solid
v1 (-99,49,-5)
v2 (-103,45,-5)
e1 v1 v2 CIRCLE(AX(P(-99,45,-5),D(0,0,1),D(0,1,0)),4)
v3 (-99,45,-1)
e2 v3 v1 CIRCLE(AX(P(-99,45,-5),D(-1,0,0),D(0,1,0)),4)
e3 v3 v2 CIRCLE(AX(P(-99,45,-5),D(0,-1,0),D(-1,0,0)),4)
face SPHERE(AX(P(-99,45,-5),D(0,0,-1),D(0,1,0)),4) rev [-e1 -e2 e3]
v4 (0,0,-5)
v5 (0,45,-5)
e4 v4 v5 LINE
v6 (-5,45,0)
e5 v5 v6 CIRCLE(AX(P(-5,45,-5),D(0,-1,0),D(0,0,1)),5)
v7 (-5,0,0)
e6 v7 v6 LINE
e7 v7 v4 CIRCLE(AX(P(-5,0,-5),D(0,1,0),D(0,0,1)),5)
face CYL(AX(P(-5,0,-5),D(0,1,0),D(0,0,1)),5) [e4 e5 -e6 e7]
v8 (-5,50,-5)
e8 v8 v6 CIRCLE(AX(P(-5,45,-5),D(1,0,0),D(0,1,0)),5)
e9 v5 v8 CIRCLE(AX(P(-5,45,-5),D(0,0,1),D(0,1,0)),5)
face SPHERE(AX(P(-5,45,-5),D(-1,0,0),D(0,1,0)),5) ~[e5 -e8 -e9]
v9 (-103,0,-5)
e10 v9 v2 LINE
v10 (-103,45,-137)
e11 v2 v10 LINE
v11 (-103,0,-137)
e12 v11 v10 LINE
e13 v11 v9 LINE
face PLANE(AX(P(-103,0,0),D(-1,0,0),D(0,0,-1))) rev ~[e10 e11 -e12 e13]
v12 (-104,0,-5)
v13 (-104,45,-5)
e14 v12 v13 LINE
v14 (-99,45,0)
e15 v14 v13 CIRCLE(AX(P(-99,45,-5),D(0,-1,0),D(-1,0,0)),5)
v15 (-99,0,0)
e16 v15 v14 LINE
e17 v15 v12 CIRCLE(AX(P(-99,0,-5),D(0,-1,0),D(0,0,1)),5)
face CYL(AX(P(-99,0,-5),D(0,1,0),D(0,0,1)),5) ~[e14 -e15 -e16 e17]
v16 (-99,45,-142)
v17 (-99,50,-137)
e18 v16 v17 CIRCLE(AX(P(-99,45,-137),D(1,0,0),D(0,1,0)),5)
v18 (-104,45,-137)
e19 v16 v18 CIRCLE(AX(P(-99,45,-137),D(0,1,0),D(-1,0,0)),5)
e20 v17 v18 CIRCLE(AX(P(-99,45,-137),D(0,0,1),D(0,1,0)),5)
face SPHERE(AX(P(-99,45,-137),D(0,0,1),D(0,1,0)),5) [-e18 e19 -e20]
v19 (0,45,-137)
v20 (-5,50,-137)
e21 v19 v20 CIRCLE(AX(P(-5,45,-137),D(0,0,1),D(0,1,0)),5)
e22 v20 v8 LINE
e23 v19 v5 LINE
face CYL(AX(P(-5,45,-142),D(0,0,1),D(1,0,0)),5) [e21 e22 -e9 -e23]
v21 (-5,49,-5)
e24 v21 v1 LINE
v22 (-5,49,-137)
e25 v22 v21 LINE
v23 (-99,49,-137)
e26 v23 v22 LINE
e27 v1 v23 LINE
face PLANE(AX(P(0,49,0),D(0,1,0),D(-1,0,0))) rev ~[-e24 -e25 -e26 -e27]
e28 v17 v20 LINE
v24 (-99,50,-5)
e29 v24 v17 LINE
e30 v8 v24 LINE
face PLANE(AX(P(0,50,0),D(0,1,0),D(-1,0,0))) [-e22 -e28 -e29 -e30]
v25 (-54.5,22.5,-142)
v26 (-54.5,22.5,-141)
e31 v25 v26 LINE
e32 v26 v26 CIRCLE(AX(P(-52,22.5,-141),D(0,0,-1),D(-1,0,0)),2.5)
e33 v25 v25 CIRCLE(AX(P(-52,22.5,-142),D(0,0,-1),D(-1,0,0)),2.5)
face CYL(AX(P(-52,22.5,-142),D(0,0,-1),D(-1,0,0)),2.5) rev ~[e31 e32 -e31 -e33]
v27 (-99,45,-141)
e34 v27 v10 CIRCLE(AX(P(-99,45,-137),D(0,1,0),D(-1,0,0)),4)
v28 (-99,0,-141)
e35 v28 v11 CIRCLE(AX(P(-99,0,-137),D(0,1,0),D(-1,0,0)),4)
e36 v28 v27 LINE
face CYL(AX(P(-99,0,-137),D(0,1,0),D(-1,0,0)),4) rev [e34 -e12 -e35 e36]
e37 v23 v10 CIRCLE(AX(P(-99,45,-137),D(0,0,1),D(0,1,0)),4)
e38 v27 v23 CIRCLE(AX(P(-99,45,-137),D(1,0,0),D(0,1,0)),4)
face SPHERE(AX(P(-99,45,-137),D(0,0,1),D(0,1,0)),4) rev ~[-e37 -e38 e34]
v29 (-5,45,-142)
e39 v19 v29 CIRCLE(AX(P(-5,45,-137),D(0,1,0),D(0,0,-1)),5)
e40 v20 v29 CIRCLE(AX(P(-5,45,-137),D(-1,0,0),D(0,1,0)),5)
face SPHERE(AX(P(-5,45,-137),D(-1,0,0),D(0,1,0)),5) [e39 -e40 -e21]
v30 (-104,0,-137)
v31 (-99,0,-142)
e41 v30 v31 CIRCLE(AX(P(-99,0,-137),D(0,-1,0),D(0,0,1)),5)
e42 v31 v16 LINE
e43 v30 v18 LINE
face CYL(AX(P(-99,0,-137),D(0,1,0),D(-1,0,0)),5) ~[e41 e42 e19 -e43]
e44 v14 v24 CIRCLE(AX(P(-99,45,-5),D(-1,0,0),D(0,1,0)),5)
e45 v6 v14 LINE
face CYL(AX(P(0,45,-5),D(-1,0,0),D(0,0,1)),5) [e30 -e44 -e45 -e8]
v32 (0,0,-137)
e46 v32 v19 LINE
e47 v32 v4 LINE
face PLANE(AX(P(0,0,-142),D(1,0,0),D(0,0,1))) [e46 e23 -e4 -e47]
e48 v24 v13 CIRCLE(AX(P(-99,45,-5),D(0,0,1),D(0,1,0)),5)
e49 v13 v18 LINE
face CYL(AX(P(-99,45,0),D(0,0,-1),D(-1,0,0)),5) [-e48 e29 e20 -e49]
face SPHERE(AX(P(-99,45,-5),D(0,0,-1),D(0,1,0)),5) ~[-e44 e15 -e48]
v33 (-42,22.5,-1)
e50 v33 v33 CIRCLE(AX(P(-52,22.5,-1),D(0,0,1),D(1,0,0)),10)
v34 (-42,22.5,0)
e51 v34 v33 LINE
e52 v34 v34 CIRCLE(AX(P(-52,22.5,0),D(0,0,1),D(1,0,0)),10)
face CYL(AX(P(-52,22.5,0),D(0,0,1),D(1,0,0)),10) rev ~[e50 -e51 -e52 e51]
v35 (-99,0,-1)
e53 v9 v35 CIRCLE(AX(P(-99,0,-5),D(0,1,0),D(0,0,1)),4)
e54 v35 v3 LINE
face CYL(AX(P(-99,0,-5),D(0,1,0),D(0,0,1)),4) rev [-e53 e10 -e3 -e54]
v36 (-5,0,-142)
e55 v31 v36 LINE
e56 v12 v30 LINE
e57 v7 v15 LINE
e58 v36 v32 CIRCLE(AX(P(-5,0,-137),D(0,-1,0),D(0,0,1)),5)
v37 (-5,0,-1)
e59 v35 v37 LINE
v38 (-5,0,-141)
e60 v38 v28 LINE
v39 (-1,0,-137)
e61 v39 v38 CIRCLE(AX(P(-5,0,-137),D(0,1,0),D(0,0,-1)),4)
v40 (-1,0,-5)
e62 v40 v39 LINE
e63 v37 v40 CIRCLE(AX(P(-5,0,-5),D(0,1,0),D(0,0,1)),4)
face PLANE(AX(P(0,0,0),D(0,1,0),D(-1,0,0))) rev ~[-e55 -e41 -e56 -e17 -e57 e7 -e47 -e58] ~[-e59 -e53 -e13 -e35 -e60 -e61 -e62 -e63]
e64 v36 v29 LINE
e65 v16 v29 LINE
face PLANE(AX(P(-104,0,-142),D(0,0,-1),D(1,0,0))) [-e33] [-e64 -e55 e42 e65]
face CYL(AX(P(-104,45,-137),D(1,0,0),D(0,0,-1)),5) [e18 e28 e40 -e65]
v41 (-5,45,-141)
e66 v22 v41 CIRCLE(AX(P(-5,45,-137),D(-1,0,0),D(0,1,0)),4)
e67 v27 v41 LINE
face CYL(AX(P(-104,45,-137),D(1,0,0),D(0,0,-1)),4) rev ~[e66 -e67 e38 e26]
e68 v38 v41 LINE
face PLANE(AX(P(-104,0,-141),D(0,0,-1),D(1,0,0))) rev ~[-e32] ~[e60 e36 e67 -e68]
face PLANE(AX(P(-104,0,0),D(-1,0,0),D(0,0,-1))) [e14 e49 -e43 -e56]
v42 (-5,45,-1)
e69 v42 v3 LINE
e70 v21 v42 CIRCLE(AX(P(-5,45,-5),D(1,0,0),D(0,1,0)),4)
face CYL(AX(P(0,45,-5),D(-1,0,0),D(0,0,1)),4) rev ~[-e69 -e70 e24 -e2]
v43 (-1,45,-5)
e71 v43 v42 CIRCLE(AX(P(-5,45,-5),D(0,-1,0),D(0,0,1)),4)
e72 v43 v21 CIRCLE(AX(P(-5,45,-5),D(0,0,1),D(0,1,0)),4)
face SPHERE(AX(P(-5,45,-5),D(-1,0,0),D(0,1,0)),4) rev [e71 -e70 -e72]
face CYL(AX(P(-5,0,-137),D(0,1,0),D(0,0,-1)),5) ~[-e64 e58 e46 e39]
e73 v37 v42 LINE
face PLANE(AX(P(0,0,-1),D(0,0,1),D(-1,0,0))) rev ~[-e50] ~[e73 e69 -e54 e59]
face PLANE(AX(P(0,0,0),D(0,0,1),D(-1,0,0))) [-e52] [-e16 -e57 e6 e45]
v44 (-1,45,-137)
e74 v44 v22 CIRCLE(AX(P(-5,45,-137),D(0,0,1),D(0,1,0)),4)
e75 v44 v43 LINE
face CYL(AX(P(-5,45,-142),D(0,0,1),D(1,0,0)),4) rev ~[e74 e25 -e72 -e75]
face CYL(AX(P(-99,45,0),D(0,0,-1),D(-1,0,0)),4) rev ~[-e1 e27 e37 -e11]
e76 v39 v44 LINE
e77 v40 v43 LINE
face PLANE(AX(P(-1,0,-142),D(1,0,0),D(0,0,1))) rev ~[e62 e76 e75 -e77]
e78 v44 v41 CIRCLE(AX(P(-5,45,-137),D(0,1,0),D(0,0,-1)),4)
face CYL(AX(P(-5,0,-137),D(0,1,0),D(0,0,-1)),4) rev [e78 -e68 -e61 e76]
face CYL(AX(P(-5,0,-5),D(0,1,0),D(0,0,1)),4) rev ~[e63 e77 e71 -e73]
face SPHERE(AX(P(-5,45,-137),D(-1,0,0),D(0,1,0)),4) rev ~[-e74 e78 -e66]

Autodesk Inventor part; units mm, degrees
ref_plane "YZ Plane" through (0, 0, 0) normal (1, 0, 0) x (0, 1, 0)
ref_plane "XZ Plane" through (0, 0, 0) normal (0, 1, 0) x (-1, 0, 0)
ref_plane "XY Plane" through (0, 0, 0) normal (0, 0, 1) x (1, 0, 0)
sketch "Sketch1" plane through (0, 0, 0) normal (0, 1, 0) x (-1, 0, 0)
  line L0 (0, 0) -> (104, 0)
  line L1 (104, 0) -> (104, -142)
  line L2 (104, -142) -> (0, -142)
  line L3 (0, -142) -> (0, 0)
  dimension "d0" = 142
  dimension "d1" = 104
extrude "Extrusion1" add sketch "Sketch1" along normal blind 50
fillet "Fillet1" radius 5 8 edges at (-104, 50, -71) (-52, 50, 0) (-52, 50, -142) (0, 50, -71) (0, 25, 0) (0, 25, -142) (-104, 25, 0) (-104, 25, -142)
shell "Shell1" thickness 1 removed faces 1 at (-34.6667, 0, -93)
sketch "Sketch2" plane through (-99, 0, 0) normal (0, 0, 1) x (1, 0, 0)
  line L0 (94, 45) -> (94, 0) projected
  line L1 (0, 45) -> (94, 45) projected
  line L2 (0, 0) -> (0, 45) projected
  line L3 (0, 0) -> (94, 0) projected
  circle A0 centre (47, 22.5) radius 10
  point P0 (99, 0)
  dimension "d6" = 20
extrude "Extrusion2" cut sketch "Sketch2" against normal blind 50 contours A0
sketch "Sketch3" plane through (-5, 0, -142) normal (0, 0, -1) x (-1, 0, 0)
  line L0 (0, 0) -> (0, 45) projected
  line L1 (0, 0) -> (94, 0) projected
  line L2 (94, 45) -> (94, 0) projected
  line L3 (0, 45) -> (94, 45) projected
  circle A0 centre (47, 22.5) radius 2.5
  point P0 (-5, 0)
  dimension "d9" = 5
extrude "Extrusion3" cut sketch "Sketch3" against normal blind 50 contours A0
properties part number "aja arduino 2"
